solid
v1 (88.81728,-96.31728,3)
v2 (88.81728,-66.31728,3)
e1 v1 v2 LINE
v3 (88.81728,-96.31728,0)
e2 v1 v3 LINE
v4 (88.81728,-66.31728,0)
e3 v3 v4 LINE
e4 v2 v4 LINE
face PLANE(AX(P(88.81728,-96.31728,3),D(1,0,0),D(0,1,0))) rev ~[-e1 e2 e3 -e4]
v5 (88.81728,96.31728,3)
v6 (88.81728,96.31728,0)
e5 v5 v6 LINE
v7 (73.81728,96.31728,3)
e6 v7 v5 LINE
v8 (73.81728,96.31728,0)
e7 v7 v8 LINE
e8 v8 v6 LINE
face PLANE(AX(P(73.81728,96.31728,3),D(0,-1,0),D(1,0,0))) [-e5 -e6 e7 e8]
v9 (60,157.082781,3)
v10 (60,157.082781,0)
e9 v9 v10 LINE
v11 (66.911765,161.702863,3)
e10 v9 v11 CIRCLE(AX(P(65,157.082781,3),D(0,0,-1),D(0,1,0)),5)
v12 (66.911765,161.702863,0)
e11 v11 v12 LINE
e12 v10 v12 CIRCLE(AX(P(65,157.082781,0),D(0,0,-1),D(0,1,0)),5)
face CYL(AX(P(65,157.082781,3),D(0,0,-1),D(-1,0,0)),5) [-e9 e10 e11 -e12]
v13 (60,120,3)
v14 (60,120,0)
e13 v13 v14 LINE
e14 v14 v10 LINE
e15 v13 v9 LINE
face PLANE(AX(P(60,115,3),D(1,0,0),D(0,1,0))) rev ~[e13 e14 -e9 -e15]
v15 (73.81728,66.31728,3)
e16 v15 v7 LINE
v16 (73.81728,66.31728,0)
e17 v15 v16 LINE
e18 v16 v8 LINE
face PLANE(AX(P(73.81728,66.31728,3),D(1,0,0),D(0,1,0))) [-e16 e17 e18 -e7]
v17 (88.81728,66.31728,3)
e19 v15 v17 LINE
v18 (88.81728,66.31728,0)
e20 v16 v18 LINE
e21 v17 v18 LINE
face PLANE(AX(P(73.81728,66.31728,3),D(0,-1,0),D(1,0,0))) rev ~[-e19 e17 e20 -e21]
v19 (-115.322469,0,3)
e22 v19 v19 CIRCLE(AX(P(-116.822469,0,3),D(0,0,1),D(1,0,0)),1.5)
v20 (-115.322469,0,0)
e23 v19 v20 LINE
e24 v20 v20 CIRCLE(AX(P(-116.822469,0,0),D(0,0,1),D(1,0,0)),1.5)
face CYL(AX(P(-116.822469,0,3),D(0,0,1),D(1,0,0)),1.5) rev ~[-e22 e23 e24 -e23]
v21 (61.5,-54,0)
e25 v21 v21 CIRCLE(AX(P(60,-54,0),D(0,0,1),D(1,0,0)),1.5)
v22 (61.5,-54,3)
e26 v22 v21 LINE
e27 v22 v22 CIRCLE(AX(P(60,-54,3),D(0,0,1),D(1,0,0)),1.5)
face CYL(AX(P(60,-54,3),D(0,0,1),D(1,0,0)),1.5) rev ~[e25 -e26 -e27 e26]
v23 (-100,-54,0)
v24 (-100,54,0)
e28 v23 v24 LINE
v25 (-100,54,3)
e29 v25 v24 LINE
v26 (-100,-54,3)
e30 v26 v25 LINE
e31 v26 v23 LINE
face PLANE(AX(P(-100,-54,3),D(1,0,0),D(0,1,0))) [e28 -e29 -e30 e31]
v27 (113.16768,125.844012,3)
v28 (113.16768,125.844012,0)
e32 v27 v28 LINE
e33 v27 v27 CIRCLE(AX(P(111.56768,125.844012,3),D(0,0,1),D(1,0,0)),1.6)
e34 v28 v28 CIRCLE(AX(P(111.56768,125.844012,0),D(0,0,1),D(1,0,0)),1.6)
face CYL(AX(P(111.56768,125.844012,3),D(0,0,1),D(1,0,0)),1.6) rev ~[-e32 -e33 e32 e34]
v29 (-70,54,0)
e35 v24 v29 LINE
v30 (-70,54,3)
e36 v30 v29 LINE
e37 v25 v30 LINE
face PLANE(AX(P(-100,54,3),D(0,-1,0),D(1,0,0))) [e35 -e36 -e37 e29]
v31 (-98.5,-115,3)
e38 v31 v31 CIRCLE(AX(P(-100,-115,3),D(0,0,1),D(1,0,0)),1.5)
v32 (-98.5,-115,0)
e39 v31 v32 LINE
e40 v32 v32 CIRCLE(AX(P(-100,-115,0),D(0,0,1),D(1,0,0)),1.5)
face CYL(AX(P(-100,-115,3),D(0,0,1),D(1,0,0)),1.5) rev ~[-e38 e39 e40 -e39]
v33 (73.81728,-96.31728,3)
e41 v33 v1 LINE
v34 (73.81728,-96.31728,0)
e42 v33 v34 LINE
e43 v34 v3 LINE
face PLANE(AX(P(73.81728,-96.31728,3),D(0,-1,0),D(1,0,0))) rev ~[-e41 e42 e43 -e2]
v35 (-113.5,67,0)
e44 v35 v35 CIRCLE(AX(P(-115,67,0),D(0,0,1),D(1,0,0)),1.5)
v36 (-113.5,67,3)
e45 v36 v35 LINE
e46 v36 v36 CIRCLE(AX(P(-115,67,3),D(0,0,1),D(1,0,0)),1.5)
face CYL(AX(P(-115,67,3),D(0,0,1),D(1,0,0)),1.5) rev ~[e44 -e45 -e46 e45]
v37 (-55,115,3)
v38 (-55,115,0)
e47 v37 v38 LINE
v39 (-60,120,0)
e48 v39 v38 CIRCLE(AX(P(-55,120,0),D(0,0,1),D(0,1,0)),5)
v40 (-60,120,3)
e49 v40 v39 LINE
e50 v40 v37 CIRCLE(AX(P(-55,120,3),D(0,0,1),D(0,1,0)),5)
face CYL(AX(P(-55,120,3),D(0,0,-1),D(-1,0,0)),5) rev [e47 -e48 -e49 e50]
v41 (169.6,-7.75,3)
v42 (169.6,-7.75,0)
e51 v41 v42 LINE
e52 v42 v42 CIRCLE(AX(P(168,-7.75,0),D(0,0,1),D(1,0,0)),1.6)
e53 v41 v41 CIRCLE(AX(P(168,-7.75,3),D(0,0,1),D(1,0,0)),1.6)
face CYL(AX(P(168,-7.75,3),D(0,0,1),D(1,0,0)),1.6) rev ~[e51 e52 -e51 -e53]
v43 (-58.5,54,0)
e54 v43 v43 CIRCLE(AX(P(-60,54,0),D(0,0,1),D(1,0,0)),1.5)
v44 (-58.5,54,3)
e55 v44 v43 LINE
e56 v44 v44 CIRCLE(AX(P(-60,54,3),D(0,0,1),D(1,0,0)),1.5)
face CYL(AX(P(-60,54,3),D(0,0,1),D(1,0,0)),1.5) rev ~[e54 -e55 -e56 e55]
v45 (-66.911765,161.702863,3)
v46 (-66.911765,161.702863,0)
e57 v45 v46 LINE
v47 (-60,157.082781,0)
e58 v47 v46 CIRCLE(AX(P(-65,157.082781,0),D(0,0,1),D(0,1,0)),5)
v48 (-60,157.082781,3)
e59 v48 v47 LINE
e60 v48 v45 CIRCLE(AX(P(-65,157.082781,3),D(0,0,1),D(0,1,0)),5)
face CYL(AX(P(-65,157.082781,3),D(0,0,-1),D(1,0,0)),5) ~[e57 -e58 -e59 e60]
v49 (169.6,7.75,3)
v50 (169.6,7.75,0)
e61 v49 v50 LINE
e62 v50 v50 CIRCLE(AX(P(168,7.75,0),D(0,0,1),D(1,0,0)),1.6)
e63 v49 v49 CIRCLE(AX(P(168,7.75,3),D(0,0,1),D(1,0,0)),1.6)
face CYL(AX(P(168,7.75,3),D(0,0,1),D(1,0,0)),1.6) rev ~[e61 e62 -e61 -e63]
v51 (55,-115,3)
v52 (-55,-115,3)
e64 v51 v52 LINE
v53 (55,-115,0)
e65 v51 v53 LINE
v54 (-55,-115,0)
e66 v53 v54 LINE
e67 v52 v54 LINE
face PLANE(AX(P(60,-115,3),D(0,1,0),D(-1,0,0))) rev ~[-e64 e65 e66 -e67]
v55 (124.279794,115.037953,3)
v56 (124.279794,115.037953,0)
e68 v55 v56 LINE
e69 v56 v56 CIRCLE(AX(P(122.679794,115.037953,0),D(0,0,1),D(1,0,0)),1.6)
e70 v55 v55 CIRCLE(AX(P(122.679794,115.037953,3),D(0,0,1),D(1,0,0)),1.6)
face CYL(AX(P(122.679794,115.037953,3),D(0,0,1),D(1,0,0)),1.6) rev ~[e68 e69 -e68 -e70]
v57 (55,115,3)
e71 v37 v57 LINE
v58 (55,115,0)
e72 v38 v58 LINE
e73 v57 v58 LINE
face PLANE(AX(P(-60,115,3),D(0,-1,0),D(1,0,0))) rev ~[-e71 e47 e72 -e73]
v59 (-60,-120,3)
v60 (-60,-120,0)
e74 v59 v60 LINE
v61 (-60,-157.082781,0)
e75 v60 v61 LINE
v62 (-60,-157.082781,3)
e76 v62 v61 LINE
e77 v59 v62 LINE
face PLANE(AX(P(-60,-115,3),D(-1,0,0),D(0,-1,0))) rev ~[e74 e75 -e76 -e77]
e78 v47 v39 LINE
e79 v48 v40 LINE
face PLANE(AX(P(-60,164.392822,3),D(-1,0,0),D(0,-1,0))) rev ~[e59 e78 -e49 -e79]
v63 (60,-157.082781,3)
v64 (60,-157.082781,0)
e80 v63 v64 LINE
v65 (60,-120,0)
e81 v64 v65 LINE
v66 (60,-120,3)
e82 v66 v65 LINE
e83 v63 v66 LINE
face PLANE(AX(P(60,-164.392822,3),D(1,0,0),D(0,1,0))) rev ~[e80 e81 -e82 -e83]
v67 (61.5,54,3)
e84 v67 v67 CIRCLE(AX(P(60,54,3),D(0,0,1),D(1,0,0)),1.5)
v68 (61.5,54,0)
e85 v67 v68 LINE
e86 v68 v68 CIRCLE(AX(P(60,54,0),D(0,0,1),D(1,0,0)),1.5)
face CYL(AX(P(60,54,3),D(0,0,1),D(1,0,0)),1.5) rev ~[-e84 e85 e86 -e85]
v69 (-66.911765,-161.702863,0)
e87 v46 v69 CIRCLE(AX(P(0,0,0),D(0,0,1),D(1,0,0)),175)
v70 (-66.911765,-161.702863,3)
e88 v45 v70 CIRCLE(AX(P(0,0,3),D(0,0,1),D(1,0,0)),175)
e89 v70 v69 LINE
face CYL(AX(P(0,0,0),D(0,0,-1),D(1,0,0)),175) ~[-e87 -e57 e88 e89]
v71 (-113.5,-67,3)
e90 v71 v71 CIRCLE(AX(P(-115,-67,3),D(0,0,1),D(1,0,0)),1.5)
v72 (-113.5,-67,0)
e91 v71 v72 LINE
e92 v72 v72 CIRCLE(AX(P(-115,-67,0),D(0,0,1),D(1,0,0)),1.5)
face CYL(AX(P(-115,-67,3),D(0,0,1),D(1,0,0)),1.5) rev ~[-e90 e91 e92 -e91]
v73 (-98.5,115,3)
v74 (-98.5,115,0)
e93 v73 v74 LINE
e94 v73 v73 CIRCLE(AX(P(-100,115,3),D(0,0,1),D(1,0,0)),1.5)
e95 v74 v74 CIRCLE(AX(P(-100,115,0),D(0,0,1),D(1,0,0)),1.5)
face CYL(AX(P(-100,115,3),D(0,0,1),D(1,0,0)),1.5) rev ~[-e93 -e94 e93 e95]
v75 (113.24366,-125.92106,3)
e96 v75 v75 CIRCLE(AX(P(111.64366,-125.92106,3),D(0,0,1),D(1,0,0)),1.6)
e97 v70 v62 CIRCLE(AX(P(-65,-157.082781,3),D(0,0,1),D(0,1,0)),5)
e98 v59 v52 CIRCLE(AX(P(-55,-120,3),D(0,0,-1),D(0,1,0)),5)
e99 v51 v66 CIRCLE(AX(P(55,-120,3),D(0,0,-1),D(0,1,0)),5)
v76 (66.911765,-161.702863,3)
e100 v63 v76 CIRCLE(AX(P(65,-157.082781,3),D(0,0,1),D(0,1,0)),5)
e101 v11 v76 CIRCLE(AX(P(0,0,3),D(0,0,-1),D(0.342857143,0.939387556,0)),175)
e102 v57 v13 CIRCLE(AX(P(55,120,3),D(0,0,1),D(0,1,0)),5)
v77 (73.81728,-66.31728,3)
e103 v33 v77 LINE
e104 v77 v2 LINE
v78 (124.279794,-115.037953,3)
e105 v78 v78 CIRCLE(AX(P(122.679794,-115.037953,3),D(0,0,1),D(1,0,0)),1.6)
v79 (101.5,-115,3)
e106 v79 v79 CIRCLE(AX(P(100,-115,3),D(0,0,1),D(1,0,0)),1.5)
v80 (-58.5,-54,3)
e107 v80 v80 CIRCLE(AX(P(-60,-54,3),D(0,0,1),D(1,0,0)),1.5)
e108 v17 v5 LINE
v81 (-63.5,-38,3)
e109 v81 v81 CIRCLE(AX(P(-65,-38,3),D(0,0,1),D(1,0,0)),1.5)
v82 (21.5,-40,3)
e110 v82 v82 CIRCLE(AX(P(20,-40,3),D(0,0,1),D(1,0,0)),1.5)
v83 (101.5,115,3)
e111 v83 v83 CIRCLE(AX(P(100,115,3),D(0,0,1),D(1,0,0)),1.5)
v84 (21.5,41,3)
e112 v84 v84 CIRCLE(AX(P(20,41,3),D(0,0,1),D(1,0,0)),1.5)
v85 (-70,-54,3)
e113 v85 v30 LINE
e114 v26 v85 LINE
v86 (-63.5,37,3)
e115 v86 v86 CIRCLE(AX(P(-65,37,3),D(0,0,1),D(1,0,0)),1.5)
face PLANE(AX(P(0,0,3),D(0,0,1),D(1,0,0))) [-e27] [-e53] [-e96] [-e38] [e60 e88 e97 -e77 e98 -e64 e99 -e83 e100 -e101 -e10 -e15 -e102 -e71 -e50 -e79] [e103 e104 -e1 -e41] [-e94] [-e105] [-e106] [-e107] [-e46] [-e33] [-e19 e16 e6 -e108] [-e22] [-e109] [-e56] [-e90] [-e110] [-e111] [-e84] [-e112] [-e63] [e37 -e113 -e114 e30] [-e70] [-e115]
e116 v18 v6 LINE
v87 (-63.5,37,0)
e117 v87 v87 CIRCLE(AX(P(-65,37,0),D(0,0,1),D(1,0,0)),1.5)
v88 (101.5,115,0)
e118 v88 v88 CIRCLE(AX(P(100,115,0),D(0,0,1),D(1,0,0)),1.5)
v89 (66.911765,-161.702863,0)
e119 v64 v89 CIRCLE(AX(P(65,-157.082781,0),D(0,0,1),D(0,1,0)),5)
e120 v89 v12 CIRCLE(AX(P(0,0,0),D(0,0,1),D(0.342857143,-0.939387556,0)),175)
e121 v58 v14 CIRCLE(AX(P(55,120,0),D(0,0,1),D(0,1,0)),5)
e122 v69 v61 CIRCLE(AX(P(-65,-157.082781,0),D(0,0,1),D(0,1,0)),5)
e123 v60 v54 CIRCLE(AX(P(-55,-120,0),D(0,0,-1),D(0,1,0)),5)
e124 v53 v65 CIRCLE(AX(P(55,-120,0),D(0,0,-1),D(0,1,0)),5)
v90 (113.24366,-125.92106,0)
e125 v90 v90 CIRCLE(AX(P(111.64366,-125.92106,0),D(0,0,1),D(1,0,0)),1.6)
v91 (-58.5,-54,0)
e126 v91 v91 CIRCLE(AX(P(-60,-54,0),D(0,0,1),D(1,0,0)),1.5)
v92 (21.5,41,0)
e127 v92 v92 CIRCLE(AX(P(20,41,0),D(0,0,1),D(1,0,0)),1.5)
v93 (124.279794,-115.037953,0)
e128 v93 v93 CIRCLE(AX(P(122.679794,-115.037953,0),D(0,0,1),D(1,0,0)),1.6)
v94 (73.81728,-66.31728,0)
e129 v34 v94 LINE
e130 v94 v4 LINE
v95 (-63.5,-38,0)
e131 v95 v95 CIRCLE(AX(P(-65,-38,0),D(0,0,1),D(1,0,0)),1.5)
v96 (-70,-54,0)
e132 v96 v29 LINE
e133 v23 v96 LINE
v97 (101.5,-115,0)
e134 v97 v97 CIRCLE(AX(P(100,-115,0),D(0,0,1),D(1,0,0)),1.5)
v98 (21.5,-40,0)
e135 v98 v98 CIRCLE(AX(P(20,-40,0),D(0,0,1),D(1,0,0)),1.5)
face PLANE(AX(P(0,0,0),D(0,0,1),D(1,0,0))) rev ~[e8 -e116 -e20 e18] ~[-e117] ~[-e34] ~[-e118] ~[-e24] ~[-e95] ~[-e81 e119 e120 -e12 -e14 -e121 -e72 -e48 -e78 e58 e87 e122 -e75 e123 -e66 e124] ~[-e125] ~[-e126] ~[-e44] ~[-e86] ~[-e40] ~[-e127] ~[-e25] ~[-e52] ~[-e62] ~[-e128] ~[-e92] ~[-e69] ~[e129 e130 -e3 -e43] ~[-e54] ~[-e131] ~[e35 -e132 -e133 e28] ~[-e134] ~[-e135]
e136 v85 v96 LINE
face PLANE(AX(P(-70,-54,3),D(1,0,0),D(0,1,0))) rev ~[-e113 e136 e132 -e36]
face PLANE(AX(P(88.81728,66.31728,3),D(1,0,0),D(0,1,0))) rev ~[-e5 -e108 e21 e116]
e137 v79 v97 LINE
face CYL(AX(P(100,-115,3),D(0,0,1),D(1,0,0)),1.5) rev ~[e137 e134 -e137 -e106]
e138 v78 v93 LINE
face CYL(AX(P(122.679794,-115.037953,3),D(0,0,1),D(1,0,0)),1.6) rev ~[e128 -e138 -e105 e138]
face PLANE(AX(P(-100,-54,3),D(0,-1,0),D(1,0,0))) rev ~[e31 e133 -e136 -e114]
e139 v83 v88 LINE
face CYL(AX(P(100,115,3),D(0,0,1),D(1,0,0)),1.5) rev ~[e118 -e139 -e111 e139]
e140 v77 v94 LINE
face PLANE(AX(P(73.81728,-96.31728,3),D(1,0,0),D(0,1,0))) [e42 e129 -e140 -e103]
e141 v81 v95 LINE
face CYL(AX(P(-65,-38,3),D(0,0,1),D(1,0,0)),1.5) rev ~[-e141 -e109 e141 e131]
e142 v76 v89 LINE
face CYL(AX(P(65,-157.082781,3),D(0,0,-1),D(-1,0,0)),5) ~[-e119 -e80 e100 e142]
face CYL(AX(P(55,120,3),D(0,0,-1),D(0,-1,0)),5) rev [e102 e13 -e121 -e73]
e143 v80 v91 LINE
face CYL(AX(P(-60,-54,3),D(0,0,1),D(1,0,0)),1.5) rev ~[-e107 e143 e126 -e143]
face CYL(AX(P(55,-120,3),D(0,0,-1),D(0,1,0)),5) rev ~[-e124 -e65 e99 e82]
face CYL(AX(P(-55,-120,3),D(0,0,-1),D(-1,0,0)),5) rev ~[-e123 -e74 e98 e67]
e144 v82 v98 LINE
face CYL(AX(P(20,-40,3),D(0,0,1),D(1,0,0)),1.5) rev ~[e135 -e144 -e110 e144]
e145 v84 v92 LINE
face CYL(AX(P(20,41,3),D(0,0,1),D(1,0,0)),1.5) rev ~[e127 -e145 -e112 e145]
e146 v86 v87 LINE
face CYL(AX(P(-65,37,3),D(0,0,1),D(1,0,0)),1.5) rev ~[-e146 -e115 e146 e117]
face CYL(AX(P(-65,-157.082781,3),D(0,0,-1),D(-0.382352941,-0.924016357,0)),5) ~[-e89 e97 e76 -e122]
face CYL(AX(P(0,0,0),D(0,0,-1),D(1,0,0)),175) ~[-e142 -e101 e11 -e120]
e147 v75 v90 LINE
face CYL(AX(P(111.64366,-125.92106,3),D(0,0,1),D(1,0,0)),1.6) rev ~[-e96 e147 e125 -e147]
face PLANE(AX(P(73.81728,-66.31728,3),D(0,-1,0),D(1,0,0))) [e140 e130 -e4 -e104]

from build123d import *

# Parameters (mm, degrees)
SKETCH_1_R           = 175
EXTRUDE_1_DEPTH      = 3
CUT_EXTRUDE_1_DEPTH  = 3
FILLET_1_R           = 5
FILLET_2_R           = 5
FILLET_3_R           = 5
SKETCH_5_R           = 1.5
CUT_EXTRUDE_4_DEPTH  = 3
SKETCH_6_R           = 1.5
CUT_EXTRUDE_5_DEPTH  = 3
SKETCH_7_W           = 30
SKETCH_7_H           = 108
CUT_EXTRUDE_6_DEPTH  = 3
SKETCH_8_R           = 1.5
CUT_EXTRUDE_7_DEPTH  = 3
SKETCH_9_R           = 1.5
CUT_EXTRUDE_8_DEPTH  = 10
SKETCH_10_R          = 1.6
CUT_EXTRUDE_9_DEPTH  = 10
SKETCH_11_W          = 15
SKETCH_11_H          = 30
CUT_EXTRUDE_10_DEPTH = 10


with BuildPart() as part:
    # ｽｹｯﾁ1 → ﾎﾞｽ - 押し出し1 (new body)
    with BuildSketch(Plane.XY):
        Circle(SKETCH_1_R)
    extrude(amount=EXTRUDE_1_DEPTH)

    # ｽｹｯﾁ2 → ｶｯﾄ - 押し出し1 (cut)
    with BuildSketch(Plane.XY.offset(3)):
        with BuildLine():
            Line((-60, 115), (0, 115))
            Line((0, 115), (0, 175))
            ThreePointArc((0, 175), (-30.465194158, 172.327803749), (-60, 164.392822228))
            Line((-60, 164.392822228), (-60, 115))
        make_face()
        with BuildLine():
            Line((0, 175), (0, 115))
            Line((0, 115), (60, 115))
            Line((60, 115), (60, 164.392822228))
            ThreePointArc((60, 164.392822228), (30.465194158, 172.327803749), (0, 175))
        make_face()
        with BuildLine():
            Line((0, -175), (0, -115))
            Line((0, -115), (-60, -115))
            Line((-60, -115), (-60, -164.392822228))
            ThreePointArc((-60, -164.392822228), (-30.465194158, -172.327803749), (0, -175))
        make_face()
        with BuildLine():
            Line((60, -115), (0, -115))
            Line((0, -115), (0, -175))
            ThreePointArc((0, -175), (30.465194158, -172.327803749), (60, -164.392822228))
            Line((60, -164.392822228), (60, -115))
        make_face()
    extrude(amount=-CUT_EXTRUDE_1_DEPTH, mode=Mode.SUBTRACT)

    # ﾌｨﾚｯﾄ1
    fillet_1_edges = [part.edges().sort_by_distance(p)[0] for p in [
        (-60, 164.392822228, 1.5),
    ]]
    fillet(fillet_1_edges, radius=FILLET_1_R)

    # ﾌｨﾚｯﾄ2
    fillet_2_edges = [part.edges().sort_by_distance(p)[0] for p in [
        (-60, 115, 1.5),
        (60, 164.392822228, 1.5),
        (60, 115, 1.5),
    ]]
    fillet(fillet_2_edges, radius=FILLET_2_R)

    # ﾌｨﾚｯﾄ3
    fillet_3_edges = [part.edges().sort_by_distance(p)[0] for p in [
        (-60, -115, 1.5),
        (60, -115, 1.5),
        (60, -164.392822228, 1.5),
        (-60, -164.392822228, 1.5),
    ]]
    fillet(fillet_3_edges, radius=FILLET_3_R)

    # ｽｹｯﾁ5 → ｶｯﾄ - 押し出し4 (cut)
    with BuildSketch(Plane.XY.offset(3)):
        with Locations((-100, -115)):
            Circle(SKETCH_5_R)
        with Locations((100, -115)):
            Circle(SKETCH_5_R)
        with Locations((100, 115)):
            Circle(SKETCH_5_R)
        with Locations((-100, 115)):
            Circle(SKETCH_5_R)
    extrude(amount=-CUT_EXTRUDE_4_DEPTH, mode=Mode.SUBTRACT)

    # ｽｹｯﾁ6 → ｶｯﾄ - 押し出し5 (cut)
    with BuildSketch(Plane.XY.offset(3)):
        with Locations((-60, 54)):
            Circle(SKETCH_6_R)
        with Locations((60, 54)):
            Circle(SKETCH_6_R)
        with Locations((-60, -54)):
            Circle(SKETCH_6_R)
        with Locations((60, -54)):
            Circle(SKETCH_6_R)
    extrude(amount=-CUT_EXTRUDE_5_DEPTH, mode=Mode.SUBTRACT)

    # ｽｹｯﾁ7 → ｶｯﾄ - 押し出し6 (cut)
    with BuildSketch(Plane.XY.offset(3)):
        with Locations((-85, 0)):
            Rectangle(SKETCH_7_W, SKETCH_7_H)
    extrude(amount=-CUT_EXTRUDE_6_DEPTH, mode=Mode.SUBTRACT)

    # ｽｹｯﾁ8 → ｶｯﾄ - 押し出し7 (cut)
    with BuildSketch(Plane.XY.offset(3)):
        with Locations((-115, -67)):
            Circle(SKETCH_8_R)
        with Locations((-116.822468618, 0)):
            Circle(SKETCH_8_R)
        with Locations((-115, 67)):
            Circle(SKETCH_8_R)
    extrude(amount=-CUT_EXTRUDE_7_DEPTH, mode=Mode.SUBTRACT)

    # ｽｹｯﾁ9 → ｶｯﾄ - 押し出し8 (cut)
    with BuildSketch(Plane.XY.offset(3)):
        with Locations((-65, 37)):
            Circle(SKETCH_9_R)
        with Locations((20, 41)):
            Circle(SKETCH_9_R)
        with Locations((-65, -38)):
            Circle(SKETCH_9_R)
        with Locations((20, -40)):
            Circle(SKETCH_9_R)
    extrude(amount=-CUT_EXTRUDE_8_DEPTH, mode=Mode.SUBTRACT)

    # ｽｹｯﾁ10 → ｶｯﾄ - 押し出し9 (cut)
    with BuildSketch(Plane.XY.offset(3)):
        with Locations((111.643659725, -125.921059639)):
            Circle(SKETCH_10_R)
        with Locations((122.679794489, -115.037952538)):
            Circle(SKETCH_10_R)
        with Locations((168, 7.75)):
            Circle(SKETCH_10_R)
        with Locations((168, -7.75)):
            Circle(SKETCH_10_R)
        with Locations((111.56768007, 125.844011632)):
            Circle(SKETCH_10_R)
        with Locations((122.679794489, 115.037952538)):
            Circle(SKETCH_10_R)
    extrude(amount=-CUT_EXTRUDE_9_DEPTH, mode=Mode.SUBTRACT)

    # ｽｹｯﾁ11 → ｶｯﾄ - 押し出し10 (cut)
    with BuildSketch(Plane.XY.offset(3)):
        with Locations((81.317279836, 81.317279836)):
            Rectangle(SKETCH_11_W, SKETCH_11_H)
        with Locations((81.317279836, -81.317279836)):
            Rectangle(SKETCH_11_W, SKETCH_11_H)
    extrude(amount=-CUT_EXTRUDE_10_DEPTH, mode=Mode.SUBTRACT)


solid = part.part
